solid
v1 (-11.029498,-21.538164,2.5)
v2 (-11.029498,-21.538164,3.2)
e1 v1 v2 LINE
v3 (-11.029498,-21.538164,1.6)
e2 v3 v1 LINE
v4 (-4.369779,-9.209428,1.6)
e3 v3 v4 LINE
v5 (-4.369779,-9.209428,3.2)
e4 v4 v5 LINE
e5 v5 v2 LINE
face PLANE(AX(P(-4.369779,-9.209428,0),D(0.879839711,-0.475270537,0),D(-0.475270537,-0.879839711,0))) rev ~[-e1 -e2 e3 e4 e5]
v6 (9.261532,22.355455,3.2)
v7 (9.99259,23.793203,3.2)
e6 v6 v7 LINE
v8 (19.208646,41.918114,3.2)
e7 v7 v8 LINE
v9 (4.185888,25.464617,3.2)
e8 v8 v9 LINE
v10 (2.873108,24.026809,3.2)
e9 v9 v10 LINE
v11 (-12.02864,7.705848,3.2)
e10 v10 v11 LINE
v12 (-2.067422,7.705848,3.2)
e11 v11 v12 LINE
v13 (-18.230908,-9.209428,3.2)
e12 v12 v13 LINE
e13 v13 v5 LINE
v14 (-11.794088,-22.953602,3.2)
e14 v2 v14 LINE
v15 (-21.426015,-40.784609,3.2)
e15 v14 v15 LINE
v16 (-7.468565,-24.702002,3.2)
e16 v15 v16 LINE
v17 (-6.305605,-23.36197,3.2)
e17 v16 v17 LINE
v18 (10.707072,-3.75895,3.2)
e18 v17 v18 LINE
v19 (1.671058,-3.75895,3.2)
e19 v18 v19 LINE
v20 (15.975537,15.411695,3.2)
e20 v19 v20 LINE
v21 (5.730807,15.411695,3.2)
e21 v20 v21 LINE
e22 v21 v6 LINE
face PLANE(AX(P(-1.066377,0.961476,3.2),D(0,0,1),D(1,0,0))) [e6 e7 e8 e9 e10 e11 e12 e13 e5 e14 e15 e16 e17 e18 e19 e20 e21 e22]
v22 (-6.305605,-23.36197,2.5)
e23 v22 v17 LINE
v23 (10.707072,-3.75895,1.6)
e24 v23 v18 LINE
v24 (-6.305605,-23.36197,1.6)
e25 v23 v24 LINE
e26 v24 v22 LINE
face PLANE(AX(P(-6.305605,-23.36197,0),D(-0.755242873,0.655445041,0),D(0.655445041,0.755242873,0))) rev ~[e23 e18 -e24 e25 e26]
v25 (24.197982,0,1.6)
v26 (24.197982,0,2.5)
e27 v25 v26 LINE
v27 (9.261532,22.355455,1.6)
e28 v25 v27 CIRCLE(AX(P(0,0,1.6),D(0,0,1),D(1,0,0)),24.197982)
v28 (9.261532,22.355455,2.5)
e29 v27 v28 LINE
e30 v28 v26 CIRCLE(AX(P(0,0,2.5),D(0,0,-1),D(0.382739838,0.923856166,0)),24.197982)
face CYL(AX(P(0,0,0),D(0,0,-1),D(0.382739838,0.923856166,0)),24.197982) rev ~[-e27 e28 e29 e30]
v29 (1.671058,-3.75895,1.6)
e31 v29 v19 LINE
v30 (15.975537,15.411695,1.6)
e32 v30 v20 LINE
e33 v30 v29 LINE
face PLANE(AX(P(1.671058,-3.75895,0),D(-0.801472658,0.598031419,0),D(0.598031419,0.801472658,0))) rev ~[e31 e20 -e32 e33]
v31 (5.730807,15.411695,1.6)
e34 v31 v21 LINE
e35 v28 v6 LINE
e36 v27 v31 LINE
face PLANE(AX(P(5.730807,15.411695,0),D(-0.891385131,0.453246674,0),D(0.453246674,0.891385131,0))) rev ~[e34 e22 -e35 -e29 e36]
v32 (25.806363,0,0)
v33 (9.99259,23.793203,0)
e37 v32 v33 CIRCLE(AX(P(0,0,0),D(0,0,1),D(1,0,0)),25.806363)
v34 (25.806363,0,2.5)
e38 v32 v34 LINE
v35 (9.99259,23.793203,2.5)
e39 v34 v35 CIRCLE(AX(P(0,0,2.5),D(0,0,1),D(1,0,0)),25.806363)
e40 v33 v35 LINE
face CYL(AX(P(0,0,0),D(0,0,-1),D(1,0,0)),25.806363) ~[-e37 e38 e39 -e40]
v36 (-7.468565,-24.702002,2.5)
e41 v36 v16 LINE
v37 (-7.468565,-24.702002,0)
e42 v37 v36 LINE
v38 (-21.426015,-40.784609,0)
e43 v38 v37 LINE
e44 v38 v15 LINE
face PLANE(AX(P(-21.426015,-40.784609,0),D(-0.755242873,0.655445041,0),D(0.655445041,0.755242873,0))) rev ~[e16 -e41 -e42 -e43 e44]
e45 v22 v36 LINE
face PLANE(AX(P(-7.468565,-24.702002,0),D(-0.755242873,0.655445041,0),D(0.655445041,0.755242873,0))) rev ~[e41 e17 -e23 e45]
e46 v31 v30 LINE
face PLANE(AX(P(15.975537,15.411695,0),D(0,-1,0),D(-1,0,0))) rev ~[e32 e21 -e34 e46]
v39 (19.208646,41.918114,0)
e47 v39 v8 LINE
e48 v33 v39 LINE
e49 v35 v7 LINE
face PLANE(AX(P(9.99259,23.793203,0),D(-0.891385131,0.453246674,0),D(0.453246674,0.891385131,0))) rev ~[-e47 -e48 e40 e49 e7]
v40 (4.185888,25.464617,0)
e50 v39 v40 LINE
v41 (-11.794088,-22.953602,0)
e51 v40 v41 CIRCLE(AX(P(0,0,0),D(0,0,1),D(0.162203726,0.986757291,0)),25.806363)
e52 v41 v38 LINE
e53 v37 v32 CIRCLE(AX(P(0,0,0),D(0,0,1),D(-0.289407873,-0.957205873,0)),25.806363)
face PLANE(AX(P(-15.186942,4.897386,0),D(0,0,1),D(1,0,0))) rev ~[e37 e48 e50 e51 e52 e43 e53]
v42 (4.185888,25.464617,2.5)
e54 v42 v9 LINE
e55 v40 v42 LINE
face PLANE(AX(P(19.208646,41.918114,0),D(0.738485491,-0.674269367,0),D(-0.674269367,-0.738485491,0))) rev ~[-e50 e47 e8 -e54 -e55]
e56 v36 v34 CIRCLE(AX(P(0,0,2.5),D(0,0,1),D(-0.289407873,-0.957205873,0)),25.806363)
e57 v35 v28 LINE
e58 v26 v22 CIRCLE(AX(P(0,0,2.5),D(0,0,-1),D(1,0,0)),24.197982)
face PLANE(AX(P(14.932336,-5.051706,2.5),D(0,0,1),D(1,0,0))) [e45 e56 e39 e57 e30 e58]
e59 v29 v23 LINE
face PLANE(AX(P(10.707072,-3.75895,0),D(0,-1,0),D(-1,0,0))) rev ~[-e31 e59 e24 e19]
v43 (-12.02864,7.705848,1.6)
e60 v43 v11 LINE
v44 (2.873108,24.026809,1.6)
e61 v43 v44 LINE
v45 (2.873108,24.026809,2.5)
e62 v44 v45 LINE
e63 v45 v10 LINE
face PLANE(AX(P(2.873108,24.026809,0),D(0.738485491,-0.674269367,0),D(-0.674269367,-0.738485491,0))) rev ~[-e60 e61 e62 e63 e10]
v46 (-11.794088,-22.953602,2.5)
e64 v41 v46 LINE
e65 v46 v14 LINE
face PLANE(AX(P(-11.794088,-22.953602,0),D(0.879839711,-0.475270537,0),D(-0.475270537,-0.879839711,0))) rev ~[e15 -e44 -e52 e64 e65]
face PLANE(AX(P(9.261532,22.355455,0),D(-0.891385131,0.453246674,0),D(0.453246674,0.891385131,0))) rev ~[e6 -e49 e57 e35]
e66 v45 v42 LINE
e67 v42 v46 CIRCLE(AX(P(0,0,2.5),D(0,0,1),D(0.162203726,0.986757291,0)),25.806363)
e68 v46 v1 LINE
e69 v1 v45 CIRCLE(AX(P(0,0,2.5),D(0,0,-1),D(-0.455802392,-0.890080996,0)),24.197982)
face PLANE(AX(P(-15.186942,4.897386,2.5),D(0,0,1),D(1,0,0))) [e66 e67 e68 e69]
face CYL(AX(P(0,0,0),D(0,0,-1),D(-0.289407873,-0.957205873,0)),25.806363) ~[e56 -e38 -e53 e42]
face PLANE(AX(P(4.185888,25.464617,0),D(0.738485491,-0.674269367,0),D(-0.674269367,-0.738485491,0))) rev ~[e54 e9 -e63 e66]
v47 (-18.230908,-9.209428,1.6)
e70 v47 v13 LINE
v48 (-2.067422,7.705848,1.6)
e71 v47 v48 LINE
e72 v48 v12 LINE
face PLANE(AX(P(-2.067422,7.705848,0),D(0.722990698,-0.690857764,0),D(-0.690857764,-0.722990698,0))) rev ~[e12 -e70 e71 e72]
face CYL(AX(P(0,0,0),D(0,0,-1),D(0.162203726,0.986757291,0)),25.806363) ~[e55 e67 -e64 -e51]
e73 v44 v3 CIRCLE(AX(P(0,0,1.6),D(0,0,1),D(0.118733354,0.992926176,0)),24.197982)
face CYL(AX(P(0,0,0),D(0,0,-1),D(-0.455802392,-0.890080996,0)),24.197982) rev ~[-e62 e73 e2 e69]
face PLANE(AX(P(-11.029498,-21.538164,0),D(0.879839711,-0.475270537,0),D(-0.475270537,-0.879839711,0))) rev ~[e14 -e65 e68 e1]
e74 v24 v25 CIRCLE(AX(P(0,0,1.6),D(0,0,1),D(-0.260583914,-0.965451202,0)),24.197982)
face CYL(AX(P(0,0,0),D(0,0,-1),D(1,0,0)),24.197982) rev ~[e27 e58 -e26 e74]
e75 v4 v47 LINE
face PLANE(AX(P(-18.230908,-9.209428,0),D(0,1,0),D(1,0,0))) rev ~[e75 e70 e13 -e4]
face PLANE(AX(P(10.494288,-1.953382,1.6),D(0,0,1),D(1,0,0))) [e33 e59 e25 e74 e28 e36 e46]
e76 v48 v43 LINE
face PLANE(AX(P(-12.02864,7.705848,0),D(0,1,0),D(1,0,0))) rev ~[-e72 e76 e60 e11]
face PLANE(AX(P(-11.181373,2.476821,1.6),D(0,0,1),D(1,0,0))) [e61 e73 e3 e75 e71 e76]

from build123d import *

# Parameters (mm, degrees)
F1_DEPTH = 3.2
F2_DEPTH = 1.6
F3_DEPTH = 2.5


with BuildPart() as f1:
    # F0 (on Top) → F1 (new body)
    with BuildSketch(Plane.XY):
        with BuildLine():
            Line((5.7308066454, 15.4116954654), (9.2615315623, 22.3554545173))
            ThreePointArc((9.2615315623, 22.3554545173), (6.124599836, 23.4100745493), (2.8731075212, 24.026809333))
            Line((2.8731075212, 24.026809333), (-12.0286401361, 7.7058477327))
            Line((-12.0286401361, 7.7058477327), (-2.0674222615, 7.7058477327))
            Line((-2.0674222615, 7.7058477327), (-18.230907619, -9.2094279826))
            Line((-18.230907619, -9.2094279826), (-4.3697794008, -9.2094279826))
            Line((-4.3697794008, -9.2094279826), (-11.0294978873, -21.5381635686))
            ThreePointArc((-11.0294978873, -21.5381635686), (-8.7153894779, -22.573973948), (-6.3056047528, -23.3619704275))
            Line((-6.3056047528, -23.3619704275), (10.7070716166, -3.7589499261))
            Line((10.7070716166, -3.7589499261), (1.6710584512, -3.7589499261))
            Line((1.6710584512, -3.7589499261), (15.9755367786, 15.4116954654))
            Line((15.9755367786, 15.4116954654), (5.7308066454, 15.4116954654))
        make_face()
        with BuildLine():
            Line((-7.468564605, -24.7020021385), (-6.3056047528, -23.3619704275))
            ThreePointArc((-6.3056047528, -23.3619704275), (-8.7153894779, -22.573973948), (-11.0294978873, -21.5381635686))
            Line((-11.0294978873, -21.5381635686), (-11.7940875977, -22.9536024329))
            ThreePointArc((-11.7940875977, -22.9536024329), (-9.6709186664, -23.9257538869), (-7.468564605, -24.7020021385))
        make_face()
        with BuildLine():
            ThreePointArc((2.8731075212, 24.026809333), (6.124599836, 23.4100745493), (9.2615315623, 22.3554545173))
            Line((9.2615315623, 22.3554545173), (9.9925901152, 23.7932030147))
            ThreePointArc((9.9925901152, 23.7932030147), (7.1383273937, 24.799448561), (4.1858882241, 25.464616759))
            Line((4.1858882241, 25.464616759), (2.8731075212, 24.026809333))
        make_face()
        with BuildLine():
            ThreePointArc((4.1858882241, 25.464616759), (7.1383273937, 24.799448561), (9.9925901152, 23.7932030147))
            Line((9.9925901152, 23.7932030147), (19.2086462315, 41.9181135037))
            Line((19.2086462315, 41.9181135037), (4.1858882241, 25.464616759))
        make_face()
        with BuildLine():
            Line((-21.4260146022, -40.7846085727), (-7.468564605, -24.7020021385))
            ThreePointArc((-7.468564605, -24.7020021385), (-9.6709186664, -23.9257538869), (-11.7940875977, -22.9536024329))
            Line((-11.7940875977, -22.9536024329), (-21.4260146022, -40.7846085727))
        make_face()
    extrude(amount=F1_DEPTH)

    # F0 (on Top) → F2 (join)
    with BuildSketch(Plane.XY):
        with BuildLine():
            ThreePointArc((-6.3056047528, -23.3619704275), (14.7132492292, -19.2110023339), (24.1979816008, 0))
            ThreePointArc((24.1979816008, 0), (20.1202967659, 13.4430640706), (9.2615315623, 22.3554545173))
            Line((9.2615315623, 22.3554545173), (5.7308066454, 15.4116954654))
            Line((5.7308066454, 15.4116954654), (15.9755367786, 15.4116954654))
            Line((15.9755367786, 15.4116954654), (1.6710584512, -3.7589499261))
            Line((1.6710584512, -3.7589499261), (10.7070716166, -3.7589499261))
            Line((10.7070716166, -3.7589499261), (-6.3056047528, -23.3619704275))
        make_face()
        with BuildLine():
            Line((-12.0286401361, 7.7058477327), (2.8731075212, 24.026809333))
            ThreePointArc((2.8731075212, 24.026809333), (-23.1446184854, 7.061795007), (-11.0294978873, -21.5381635686))
            Line((-11.0294978873, -21.5381635686), (-4.3697794008, -9.2094279826))
            Line((-4.3697794008, -9.2094279826), (-18.230907619, -9.2094279826))
            Line((-18.230907619, -9.2094279826), (-2.0674222615, 7.7058477327))
            Line((-2.0674222615, 7.7058477327), (-12.0286401361, 7.7058477327))
        make_face()
    extrude(amount=F2_DEPTH)

    # F0 (on Top) → F3 (join)
    with BuildSketch(Plane.XY):
        with BuildLine():
            ThreePointArc((-11.0294978873, -21.5381635686), (-23.1446184854, 7.061795007), (2.8731075212, 24.026809333))
            Line((2.8731075212, 24.026809333), (4.1858882241, 25.464616759))
            ThreePointArc((4.1858882241, 25.464616759), (-24.5061657926, 8.0880285022), (-11.7940875977, -22.9536024329))
            Line((-11.7940875977, -22.9536024329), (-11.0294978873, -21.5381635686))
        make_face()
        with BuildLine():
            ThreePointArc((9.2615315623, 22.3554545173), (20.1202967659, 13.4430640706), (24.1979816008, 0))
            ThreePointArc((24.1979816008, 0), (14.7132492292, -19.2110023339), (-6.3056047528, -23.3619704275))
            Line((-6.3056047528, -23.3619704275), (-7.468564605, -24.7020021385))
            ThreePointArc((-7.468564605, -24.7020021385), (15.3823255436, -20.7208211174), (25.8063629151, 0))
            ThreePointArc((25.8063629151, 0), (21.4923332131, 14.2845363931), (9.9925901152, 23.7932030147))
            Line((9.9925901152, 23.7932030147), (9.2615315623, 22.3554545173))
        make_face()
    extrude(amount=F3_DEPTH)


solid = f1.part
